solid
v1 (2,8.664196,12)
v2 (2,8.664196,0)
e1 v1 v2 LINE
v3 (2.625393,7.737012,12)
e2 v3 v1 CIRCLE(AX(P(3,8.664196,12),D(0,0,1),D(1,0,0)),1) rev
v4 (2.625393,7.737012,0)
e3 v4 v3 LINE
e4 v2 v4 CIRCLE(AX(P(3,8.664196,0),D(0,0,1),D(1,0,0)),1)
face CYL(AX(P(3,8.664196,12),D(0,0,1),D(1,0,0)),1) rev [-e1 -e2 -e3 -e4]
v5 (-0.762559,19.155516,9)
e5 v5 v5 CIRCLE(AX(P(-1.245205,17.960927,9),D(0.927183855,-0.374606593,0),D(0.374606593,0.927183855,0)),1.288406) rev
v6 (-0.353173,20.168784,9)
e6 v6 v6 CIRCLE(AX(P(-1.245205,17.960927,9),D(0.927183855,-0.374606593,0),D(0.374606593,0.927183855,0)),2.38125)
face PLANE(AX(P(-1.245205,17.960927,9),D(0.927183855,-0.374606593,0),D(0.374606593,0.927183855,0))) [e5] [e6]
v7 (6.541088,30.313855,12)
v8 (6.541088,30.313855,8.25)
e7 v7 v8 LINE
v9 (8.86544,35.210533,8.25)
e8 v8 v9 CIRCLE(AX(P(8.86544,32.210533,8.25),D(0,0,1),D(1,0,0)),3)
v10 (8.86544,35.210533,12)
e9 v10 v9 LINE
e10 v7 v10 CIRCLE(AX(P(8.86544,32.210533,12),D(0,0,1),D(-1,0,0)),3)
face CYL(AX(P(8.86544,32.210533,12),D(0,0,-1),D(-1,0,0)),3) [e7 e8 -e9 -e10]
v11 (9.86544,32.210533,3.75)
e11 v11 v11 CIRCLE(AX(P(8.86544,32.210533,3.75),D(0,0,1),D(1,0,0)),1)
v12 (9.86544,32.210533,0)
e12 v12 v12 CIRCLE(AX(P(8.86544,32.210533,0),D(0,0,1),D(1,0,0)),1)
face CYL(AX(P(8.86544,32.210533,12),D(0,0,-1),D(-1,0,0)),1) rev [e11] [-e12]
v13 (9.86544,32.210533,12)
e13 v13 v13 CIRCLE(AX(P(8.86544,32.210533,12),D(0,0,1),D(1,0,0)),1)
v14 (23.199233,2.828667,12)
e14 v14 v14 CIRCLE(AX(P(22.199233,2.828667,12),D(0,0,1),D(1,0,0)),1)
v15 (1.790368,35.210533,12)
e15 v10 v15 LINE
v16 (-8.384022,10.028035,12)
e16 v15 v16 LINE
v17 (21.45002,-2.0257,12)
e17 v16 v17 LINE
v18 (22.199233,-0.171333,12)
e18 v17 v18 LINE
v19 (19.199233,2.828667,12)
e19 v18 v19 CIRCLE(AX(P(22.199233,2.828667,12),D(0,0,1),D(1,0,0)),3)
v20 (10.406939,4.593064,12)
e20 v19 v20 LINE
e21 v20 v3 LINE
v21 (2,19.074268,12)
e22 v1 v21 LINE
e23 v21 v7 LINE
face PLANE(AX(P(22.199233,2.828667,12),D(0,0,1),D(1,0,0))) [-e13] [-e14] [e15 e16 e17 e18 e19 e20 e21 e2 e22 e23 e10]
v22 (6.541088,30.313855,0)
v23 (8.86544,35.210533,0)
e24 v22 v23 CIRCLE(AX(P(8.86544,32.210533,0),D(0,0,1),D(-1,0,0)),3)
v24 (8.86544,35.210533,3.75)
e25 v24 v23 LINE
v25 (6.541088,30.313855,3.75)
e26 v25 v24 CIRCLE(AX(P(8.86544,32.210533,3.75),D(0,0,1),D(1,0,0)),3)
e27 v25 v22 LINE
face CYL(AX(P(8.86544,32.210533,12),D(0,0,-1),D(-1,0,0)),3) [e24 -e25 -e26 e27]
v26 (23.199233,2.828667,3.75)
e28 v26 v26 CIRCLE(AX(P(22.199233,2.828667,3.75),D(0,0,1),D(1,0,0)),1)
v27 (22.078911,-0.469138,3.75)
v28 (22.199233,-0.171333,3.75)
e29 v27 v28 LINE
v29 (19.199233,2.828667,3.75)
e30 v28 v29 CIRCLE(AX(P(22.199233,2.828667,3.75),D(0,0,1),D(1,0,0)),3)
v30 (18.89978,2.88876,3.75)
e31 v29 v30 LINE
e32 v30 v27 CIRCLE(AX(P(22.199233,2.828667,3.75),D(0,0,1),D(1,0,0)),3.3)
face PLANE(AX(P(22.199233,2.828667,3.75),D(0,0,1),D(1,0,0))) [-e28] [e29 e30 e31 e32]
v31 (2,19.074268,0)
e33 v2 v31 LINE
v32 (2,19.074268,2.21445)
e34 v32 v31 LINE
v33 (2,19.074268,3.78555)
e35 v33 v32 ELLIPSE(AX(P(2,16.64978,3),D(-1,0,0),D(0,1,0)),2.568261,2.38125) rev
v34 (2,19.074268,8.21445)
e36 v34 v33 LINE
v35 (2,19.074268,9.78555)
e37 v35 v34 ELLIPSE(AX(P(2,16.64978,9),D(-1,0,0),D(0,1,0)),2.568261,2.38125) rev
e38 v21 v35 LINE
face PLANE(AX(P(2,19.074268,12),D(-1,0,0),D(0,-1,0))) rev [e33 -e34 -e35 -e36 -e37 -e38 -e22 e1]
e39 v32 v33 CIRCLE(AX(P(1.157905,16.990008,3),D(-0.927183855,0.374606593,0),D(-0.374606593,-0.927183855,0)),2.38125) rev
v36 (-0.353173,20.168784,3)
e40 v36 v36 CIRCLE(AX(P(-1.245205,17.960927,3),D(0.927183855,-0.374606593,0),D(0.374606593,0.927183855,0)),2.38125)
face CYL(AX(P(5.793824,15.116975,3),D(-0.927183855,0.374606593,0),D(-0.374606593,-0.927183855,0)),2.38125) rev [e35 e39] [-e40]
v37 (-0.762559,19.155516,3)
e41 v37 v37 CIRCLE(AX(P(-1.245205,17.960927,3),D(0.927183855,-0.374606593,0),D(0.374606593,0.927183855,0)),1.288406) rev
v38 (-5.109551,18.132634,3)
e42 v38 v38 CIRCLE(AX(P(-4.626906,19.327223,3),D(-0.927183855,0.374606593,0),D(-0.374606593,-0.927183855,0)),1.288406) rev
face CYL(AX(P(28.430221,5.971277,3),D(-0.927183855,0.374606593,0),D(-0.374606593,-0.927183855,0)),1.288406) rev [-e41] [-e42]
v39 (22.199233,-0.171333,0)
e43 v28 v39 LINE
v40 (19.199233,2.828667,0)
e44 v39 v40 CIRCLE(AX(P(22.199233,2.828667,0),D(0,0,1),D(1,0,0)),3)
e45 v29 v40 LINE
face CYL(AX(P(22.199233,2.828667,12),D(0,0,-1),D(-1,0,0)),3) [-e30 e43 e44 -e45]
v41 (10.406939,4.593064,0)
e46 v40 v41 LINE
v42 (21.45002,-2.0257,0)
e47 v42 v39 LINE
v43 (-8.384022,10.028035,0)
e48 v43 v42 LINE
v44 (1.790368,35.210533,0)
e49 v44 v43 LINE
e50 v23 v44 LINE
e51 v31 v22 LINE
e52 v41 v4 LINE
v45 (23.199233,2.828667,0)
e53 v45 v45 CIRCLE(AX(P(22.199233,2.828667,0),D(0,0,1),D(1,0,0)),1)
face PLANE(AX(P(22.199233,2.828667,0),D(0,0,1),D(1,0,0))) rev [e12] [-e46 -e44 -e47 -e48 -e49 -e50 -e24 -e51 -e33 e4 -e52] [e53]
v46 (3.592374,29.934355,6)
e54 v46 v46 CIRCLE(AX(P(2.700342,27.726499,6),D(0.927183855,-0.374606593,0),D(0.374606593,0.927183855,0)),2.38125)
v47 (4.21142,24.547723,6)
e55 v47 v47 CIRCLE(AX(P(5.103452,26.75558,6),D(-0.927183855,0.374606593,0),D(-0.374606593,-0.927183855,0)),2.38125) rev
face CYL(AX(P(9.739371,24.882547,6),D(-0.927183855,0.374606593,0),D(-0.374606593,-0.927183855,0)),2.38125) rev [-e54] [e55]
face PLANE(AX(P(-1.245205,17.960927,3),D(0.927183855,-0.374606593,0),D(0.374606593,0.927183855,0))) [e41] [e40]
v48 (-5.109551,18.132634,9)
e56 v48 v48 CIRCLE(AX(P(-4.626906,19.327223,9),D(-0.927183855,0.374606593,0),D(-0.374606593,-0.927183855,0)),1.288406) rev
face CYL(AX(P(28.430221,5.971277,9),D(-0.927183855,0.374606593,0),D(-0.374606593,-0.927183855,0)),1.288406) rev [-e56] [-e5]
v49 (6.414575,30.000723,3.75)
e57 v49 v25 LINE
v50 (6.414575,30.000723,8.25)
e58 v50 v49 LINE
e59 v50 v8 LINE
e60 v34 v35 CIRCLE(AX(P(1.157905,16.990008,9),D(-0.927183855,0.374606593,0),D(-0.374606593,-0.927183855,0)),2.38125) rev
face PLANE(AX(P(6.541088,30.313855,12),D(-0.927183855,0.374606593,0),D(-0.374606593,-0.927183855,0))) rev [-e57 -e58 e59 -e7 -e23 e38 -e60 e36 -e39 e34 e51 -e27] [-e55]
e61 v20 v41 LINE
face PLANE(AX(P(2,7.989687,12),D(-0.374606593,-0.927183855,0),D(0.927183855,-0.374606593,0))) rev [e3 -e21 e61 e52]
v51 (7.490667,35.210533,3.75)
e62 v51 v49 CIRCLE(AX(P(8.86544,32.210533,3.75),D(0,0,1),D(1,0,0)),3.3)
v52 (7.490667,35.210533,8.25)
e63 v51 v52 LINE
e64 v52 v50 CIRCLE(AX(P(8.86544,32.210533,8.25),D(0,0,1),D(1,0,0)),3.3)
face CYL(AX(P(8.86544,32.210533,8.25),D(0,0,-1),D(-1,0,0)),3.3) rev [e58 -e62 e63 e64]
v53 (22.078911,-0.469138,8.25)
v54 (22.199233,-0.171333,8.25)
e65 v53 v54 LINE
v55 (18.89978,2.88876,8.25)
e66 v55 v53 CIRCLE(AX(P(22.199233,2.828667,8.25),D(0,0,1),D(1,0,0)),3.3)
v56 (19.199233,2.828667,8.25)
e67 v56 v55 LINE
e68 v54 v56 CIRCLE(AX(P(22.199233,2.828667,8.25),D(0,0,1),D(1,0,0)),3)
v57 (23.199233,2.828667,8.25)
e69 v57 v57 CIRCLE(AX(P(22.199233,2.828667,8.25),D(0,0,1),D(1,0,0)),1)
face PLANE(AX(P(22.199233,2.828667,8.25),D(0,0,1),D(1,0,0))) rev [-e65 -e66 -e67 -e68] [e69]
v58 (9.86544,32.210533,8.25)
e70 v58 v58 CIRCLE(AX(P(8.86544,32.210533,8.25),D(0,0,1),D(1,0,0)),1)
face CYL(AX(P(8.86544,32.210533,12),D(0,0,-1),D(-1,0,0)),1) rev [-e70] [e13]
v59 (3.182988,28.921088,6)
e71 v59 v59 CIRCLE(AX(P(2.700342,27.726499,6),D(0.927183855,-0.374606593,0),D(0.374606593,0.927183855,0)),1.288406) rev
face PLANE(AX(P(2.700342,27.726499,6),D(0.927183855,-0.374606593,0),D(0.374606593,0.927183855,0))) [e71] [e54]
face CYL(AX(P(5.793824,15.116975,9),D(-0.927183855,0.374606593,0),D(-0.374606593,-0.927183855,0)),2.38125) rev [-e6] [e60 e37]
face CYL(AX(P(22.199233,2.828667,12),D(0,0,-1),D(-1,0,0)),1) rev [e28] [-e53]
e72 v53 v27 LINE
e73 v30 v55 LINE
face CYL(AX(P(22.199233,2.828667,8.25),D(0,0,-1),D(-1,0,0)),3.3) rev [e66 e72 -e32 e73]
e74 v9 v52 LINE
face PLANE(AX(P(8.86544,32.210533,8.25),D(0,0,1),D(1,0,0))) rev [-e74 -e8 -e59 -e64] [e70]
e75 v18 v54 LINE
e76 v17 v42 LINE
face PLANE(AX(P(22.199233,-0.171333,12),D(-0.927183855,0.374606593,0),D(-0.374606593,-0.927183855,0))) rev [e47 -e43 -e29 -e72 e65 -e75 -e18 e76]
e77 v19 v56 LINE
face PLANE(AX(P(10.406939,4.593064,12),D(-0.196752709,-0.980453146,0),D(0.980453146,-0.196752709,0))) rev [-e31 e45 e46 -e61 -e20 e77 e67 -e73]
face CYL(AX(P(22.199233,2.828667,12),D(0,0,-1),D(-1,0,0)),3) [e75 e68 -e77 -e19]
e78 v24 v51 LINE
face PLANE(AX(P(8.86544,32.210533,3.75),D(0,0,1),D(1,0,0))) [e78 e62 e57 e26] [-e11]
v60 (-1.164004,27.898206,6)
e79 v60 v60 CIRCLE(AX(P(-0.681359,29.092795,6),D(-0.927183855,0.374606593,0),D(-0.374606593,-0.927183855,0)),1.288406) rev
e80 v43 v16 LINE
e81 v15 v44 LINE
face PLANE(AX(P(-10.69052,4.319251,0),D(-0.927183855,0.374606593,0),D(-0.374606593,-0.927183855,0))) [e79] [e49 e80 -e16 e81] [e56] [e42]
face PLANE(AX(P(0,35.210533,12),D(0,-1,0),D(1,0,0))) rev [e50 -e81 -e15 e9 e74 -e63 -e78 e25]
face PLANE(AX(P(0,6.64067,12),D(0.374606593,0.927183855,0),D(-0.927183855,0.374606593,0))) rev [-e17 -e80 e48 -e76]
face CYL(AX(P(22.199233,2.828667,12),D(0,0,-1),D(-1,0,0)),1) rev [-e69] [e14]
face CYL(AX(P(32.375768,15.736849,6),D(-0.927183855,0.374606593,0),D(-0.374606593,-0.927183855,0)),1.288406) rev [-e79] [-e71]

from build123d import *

# Parameters (mm, degrees)
SKETCH1_R                     = 1
BOSS_EXTRUDE1_DEPTH           = 12
SKETCH2_R                     = 3.3
CUT_EXTRUDE1_DEPTH            = 2.25
CUT_EXTRUDE1_DEPTH_BACK       = 2.25
FILLET3_R                     = 1
BOSS_EXTRUDE2_REACH           = 51.61
SKETCH4_W                     = 12
SKETCH4_H                     = 26.489515253
HOLE_SKETCH_R                 = 1.288405797
SCREW_SHAFT_HOLES_DEPTH       = 42.118659034
SCREW_SHAFT_HOLES_DEPTH_BACK  = 42.118659034
SKETCH5_R                     = 2.38125
SCREW_COUNTERBORES_DEPTH      = 5
SCREW_COUNTERBORES_DEPTH_BACK = 2.591836735
SKETCH6_W                     = 18.725223932
SKETCH6_H                     = 35.053619202
CUT_EXTRUDE2_DEPTH            = 1.66


with BuildPart() as part:
    # Sketch1 → Boss-Extrude1 (new body)
    with BuildSketch(Plane.XY):
        with BuildLine():
            Line((0, 6.640670196), (0, 35.210532713))
            Line((0, 35.210532713), (8.865440207, 35.210532713))
            ThreePointArc((8.865440207, 35.210532713), (11.575609349, 30.924071201), (6.541088012, 30.31385486))
            Line((6.541088012, 30.31385486), (2, 19.07426762))
            Line((2, 19.07426762), (2, 7.989687229))
            Line((2, 7.989687229), (10.406938735, 4.593063501))
            Line((10.406938735, 4.593063501), (19.199232805, 2.828667434))
            ThreePointArc((19.199232805, 2.828667434), (24.320553148, 4.949987778), (22.199232805, -0.171332566))
            Line((22.199232805, -0.171332566), (21.450019618, -2.025700275))
            Line((21.450019618, -2.025700275), (0, 6.640670196))
        make_face()
        with Locations((8.865440207, 32.210532713)):
            Circle(SKETCH1_R, mode=Mode.SUBTRACT)
        with Locations((22.199232805, 2.828667434)):
            Circle(SKETCH1_R, mode=Mode.SUBTRACT)
    extrude(amount=BOSS_EXTRUDE1_DEPTH)

    # Sketch2 → Cut-Extrude1 (cut, two sides)
    with BuildSketch(Plane.XY.offset(6)) as cut_extrude1_sk:
        with Locations((8.865440207, 32.210532713)):
            Circle(SKETCH2_R)
        with Locations((22.199232805, 2.828667434)):
            Circle(SKETCH2_R)
    extrude(amount=CUT_EXTRUDE1_DEPTH, mode=Mode.SUBTRACT)
    extrude(cut_extrude1_sk.sketch, amount=-CUT_EXTRUDE1_DEPTH_BACK, mode=Mode.SUBTRACT)

    # Fillet3
    fillet3_edges = [part.edges().sort_by_distance(p)[0] for p in [
        (2, 7.989687229, 6),
    ]]
    fillet(fillet3_edges, radius=FILLET3_R)

    # Boss-Extrude2: up to this face of the body (flat: up to its plane)
    boss_extrude2_end = Plane(part.part.faces().sort_by_distance((0, 20.925601454, 6))[0])
    # Sketch4 → Boss-Extrude2 (add, up to the picked face)
    with BuildSketch(Plane(origin=(-12.229645639, 4.941097571, 0), x_dir=(0, 0, -1), z_dir=(-0.9271838545667871, 0.37460659341591285, 0)), mode=Mode.PRIVATE) as boss_extrude2_sk1:
        with Locations((-6, -19.401879815)):
            Rectangle(SKETCH4_W, SKETCH4_H)
    boss_extrude2_tool1 = split(extrude(boss_extrude2_sk1.sketch, amount=-BOSS_EXTRUDE2_REACH, mode=Mode.PRIVATE), bisect_by=boss_extrude2_end, keep=Keep.BOTH, mode=Mode.PRIVATE)
    add(boss_extrude2_tool1.solids().sort_by(Axis((-4.961574, 22.930207, 6), (0.9271838545667871, -0.37460659341591285, 0)))[0])

    # Hole sketch → Screw shaft holes (cut, two sides)
    with BuildSketch(Plane(origin=(7.68361222, 33.141701506, 0), x_dir=(0, 0, -1), z_dir=(-0.927183854566786, 0.3746065934159158, 0))) as screw_shaft_holes_sk:
        with Locations(Location((-9, 17.420162392, 0), (0, 0, 270))):
            Circle(HOLE_SKETCH_R)
        with Locations(Location((-3, 17.420162392, 0), (0, 0, 270))):
            Circle(HOLE_SKETCH_R)
        with Locations(Location((-6, 6.887654186, 0), (0, 0, 90))):
            Circle(HOLE_SKETCH_R)
    extrude(amount=SCREW_SHAFT_HOLES_DEPTH, mode=Mode.SUBTRACT)
    extrude(screw_shaft_holes_sk.sketch, amount=-SCREW_SHAFT_HOLES_DEPTH_BACK, mode=Mode.SUBTRACT)

    # Sketch5 → Screw counterbores (cut, two sides)
    with BuildSketch(Plane(origin=(-4.905710031, 1.982035509, 0), x_dir=(0, 0, -1), z_dir=(0.927183854566786, -0.3746065934159158, 0))) as screw_counterbores_sk:
        with Locations(Location((-6, 26.719128162, 0), (0, 0, 270))):
            Circle(SKETCH5_R)
        with Locations(Location((-9, 16.186619957, 0), (0, 0, 109.262094827))):
            Circle(SKETCH5_R)
        with Locations(Location((-3, 16.186619957, 0), (0, 0, 109.262094827))):
            Circle(SKETCH5_R)
    extrude(amount=SCREW_COUNTERBORES_DEPTH, mode=Mode.SUBTRACT)
    extrude(screw_counterbores_sk.sketch, amount=-SCREW_COUNTERBORES_DEPTH_BACK, mode=Mode.SUBTRACT)

    # Sketch6 → Cut-Extrude2 (cut)
    with BuildSketch(Plane(origin=(-12.229645639, 4.941097571, 0), x_dir=(0, 0, 1), z_dir=(-0.9271838545667871, 0.37460659341591296, 0))):
        with Locations((5.962549552, 20.221942298)):
            Rectangle(SKETCH6_W, SKETCH6_H)
    extrude(amount=-CUT_EXTRUDE2_DEPTH, mode=Mode.SUBTRACT)


solid = part.part
